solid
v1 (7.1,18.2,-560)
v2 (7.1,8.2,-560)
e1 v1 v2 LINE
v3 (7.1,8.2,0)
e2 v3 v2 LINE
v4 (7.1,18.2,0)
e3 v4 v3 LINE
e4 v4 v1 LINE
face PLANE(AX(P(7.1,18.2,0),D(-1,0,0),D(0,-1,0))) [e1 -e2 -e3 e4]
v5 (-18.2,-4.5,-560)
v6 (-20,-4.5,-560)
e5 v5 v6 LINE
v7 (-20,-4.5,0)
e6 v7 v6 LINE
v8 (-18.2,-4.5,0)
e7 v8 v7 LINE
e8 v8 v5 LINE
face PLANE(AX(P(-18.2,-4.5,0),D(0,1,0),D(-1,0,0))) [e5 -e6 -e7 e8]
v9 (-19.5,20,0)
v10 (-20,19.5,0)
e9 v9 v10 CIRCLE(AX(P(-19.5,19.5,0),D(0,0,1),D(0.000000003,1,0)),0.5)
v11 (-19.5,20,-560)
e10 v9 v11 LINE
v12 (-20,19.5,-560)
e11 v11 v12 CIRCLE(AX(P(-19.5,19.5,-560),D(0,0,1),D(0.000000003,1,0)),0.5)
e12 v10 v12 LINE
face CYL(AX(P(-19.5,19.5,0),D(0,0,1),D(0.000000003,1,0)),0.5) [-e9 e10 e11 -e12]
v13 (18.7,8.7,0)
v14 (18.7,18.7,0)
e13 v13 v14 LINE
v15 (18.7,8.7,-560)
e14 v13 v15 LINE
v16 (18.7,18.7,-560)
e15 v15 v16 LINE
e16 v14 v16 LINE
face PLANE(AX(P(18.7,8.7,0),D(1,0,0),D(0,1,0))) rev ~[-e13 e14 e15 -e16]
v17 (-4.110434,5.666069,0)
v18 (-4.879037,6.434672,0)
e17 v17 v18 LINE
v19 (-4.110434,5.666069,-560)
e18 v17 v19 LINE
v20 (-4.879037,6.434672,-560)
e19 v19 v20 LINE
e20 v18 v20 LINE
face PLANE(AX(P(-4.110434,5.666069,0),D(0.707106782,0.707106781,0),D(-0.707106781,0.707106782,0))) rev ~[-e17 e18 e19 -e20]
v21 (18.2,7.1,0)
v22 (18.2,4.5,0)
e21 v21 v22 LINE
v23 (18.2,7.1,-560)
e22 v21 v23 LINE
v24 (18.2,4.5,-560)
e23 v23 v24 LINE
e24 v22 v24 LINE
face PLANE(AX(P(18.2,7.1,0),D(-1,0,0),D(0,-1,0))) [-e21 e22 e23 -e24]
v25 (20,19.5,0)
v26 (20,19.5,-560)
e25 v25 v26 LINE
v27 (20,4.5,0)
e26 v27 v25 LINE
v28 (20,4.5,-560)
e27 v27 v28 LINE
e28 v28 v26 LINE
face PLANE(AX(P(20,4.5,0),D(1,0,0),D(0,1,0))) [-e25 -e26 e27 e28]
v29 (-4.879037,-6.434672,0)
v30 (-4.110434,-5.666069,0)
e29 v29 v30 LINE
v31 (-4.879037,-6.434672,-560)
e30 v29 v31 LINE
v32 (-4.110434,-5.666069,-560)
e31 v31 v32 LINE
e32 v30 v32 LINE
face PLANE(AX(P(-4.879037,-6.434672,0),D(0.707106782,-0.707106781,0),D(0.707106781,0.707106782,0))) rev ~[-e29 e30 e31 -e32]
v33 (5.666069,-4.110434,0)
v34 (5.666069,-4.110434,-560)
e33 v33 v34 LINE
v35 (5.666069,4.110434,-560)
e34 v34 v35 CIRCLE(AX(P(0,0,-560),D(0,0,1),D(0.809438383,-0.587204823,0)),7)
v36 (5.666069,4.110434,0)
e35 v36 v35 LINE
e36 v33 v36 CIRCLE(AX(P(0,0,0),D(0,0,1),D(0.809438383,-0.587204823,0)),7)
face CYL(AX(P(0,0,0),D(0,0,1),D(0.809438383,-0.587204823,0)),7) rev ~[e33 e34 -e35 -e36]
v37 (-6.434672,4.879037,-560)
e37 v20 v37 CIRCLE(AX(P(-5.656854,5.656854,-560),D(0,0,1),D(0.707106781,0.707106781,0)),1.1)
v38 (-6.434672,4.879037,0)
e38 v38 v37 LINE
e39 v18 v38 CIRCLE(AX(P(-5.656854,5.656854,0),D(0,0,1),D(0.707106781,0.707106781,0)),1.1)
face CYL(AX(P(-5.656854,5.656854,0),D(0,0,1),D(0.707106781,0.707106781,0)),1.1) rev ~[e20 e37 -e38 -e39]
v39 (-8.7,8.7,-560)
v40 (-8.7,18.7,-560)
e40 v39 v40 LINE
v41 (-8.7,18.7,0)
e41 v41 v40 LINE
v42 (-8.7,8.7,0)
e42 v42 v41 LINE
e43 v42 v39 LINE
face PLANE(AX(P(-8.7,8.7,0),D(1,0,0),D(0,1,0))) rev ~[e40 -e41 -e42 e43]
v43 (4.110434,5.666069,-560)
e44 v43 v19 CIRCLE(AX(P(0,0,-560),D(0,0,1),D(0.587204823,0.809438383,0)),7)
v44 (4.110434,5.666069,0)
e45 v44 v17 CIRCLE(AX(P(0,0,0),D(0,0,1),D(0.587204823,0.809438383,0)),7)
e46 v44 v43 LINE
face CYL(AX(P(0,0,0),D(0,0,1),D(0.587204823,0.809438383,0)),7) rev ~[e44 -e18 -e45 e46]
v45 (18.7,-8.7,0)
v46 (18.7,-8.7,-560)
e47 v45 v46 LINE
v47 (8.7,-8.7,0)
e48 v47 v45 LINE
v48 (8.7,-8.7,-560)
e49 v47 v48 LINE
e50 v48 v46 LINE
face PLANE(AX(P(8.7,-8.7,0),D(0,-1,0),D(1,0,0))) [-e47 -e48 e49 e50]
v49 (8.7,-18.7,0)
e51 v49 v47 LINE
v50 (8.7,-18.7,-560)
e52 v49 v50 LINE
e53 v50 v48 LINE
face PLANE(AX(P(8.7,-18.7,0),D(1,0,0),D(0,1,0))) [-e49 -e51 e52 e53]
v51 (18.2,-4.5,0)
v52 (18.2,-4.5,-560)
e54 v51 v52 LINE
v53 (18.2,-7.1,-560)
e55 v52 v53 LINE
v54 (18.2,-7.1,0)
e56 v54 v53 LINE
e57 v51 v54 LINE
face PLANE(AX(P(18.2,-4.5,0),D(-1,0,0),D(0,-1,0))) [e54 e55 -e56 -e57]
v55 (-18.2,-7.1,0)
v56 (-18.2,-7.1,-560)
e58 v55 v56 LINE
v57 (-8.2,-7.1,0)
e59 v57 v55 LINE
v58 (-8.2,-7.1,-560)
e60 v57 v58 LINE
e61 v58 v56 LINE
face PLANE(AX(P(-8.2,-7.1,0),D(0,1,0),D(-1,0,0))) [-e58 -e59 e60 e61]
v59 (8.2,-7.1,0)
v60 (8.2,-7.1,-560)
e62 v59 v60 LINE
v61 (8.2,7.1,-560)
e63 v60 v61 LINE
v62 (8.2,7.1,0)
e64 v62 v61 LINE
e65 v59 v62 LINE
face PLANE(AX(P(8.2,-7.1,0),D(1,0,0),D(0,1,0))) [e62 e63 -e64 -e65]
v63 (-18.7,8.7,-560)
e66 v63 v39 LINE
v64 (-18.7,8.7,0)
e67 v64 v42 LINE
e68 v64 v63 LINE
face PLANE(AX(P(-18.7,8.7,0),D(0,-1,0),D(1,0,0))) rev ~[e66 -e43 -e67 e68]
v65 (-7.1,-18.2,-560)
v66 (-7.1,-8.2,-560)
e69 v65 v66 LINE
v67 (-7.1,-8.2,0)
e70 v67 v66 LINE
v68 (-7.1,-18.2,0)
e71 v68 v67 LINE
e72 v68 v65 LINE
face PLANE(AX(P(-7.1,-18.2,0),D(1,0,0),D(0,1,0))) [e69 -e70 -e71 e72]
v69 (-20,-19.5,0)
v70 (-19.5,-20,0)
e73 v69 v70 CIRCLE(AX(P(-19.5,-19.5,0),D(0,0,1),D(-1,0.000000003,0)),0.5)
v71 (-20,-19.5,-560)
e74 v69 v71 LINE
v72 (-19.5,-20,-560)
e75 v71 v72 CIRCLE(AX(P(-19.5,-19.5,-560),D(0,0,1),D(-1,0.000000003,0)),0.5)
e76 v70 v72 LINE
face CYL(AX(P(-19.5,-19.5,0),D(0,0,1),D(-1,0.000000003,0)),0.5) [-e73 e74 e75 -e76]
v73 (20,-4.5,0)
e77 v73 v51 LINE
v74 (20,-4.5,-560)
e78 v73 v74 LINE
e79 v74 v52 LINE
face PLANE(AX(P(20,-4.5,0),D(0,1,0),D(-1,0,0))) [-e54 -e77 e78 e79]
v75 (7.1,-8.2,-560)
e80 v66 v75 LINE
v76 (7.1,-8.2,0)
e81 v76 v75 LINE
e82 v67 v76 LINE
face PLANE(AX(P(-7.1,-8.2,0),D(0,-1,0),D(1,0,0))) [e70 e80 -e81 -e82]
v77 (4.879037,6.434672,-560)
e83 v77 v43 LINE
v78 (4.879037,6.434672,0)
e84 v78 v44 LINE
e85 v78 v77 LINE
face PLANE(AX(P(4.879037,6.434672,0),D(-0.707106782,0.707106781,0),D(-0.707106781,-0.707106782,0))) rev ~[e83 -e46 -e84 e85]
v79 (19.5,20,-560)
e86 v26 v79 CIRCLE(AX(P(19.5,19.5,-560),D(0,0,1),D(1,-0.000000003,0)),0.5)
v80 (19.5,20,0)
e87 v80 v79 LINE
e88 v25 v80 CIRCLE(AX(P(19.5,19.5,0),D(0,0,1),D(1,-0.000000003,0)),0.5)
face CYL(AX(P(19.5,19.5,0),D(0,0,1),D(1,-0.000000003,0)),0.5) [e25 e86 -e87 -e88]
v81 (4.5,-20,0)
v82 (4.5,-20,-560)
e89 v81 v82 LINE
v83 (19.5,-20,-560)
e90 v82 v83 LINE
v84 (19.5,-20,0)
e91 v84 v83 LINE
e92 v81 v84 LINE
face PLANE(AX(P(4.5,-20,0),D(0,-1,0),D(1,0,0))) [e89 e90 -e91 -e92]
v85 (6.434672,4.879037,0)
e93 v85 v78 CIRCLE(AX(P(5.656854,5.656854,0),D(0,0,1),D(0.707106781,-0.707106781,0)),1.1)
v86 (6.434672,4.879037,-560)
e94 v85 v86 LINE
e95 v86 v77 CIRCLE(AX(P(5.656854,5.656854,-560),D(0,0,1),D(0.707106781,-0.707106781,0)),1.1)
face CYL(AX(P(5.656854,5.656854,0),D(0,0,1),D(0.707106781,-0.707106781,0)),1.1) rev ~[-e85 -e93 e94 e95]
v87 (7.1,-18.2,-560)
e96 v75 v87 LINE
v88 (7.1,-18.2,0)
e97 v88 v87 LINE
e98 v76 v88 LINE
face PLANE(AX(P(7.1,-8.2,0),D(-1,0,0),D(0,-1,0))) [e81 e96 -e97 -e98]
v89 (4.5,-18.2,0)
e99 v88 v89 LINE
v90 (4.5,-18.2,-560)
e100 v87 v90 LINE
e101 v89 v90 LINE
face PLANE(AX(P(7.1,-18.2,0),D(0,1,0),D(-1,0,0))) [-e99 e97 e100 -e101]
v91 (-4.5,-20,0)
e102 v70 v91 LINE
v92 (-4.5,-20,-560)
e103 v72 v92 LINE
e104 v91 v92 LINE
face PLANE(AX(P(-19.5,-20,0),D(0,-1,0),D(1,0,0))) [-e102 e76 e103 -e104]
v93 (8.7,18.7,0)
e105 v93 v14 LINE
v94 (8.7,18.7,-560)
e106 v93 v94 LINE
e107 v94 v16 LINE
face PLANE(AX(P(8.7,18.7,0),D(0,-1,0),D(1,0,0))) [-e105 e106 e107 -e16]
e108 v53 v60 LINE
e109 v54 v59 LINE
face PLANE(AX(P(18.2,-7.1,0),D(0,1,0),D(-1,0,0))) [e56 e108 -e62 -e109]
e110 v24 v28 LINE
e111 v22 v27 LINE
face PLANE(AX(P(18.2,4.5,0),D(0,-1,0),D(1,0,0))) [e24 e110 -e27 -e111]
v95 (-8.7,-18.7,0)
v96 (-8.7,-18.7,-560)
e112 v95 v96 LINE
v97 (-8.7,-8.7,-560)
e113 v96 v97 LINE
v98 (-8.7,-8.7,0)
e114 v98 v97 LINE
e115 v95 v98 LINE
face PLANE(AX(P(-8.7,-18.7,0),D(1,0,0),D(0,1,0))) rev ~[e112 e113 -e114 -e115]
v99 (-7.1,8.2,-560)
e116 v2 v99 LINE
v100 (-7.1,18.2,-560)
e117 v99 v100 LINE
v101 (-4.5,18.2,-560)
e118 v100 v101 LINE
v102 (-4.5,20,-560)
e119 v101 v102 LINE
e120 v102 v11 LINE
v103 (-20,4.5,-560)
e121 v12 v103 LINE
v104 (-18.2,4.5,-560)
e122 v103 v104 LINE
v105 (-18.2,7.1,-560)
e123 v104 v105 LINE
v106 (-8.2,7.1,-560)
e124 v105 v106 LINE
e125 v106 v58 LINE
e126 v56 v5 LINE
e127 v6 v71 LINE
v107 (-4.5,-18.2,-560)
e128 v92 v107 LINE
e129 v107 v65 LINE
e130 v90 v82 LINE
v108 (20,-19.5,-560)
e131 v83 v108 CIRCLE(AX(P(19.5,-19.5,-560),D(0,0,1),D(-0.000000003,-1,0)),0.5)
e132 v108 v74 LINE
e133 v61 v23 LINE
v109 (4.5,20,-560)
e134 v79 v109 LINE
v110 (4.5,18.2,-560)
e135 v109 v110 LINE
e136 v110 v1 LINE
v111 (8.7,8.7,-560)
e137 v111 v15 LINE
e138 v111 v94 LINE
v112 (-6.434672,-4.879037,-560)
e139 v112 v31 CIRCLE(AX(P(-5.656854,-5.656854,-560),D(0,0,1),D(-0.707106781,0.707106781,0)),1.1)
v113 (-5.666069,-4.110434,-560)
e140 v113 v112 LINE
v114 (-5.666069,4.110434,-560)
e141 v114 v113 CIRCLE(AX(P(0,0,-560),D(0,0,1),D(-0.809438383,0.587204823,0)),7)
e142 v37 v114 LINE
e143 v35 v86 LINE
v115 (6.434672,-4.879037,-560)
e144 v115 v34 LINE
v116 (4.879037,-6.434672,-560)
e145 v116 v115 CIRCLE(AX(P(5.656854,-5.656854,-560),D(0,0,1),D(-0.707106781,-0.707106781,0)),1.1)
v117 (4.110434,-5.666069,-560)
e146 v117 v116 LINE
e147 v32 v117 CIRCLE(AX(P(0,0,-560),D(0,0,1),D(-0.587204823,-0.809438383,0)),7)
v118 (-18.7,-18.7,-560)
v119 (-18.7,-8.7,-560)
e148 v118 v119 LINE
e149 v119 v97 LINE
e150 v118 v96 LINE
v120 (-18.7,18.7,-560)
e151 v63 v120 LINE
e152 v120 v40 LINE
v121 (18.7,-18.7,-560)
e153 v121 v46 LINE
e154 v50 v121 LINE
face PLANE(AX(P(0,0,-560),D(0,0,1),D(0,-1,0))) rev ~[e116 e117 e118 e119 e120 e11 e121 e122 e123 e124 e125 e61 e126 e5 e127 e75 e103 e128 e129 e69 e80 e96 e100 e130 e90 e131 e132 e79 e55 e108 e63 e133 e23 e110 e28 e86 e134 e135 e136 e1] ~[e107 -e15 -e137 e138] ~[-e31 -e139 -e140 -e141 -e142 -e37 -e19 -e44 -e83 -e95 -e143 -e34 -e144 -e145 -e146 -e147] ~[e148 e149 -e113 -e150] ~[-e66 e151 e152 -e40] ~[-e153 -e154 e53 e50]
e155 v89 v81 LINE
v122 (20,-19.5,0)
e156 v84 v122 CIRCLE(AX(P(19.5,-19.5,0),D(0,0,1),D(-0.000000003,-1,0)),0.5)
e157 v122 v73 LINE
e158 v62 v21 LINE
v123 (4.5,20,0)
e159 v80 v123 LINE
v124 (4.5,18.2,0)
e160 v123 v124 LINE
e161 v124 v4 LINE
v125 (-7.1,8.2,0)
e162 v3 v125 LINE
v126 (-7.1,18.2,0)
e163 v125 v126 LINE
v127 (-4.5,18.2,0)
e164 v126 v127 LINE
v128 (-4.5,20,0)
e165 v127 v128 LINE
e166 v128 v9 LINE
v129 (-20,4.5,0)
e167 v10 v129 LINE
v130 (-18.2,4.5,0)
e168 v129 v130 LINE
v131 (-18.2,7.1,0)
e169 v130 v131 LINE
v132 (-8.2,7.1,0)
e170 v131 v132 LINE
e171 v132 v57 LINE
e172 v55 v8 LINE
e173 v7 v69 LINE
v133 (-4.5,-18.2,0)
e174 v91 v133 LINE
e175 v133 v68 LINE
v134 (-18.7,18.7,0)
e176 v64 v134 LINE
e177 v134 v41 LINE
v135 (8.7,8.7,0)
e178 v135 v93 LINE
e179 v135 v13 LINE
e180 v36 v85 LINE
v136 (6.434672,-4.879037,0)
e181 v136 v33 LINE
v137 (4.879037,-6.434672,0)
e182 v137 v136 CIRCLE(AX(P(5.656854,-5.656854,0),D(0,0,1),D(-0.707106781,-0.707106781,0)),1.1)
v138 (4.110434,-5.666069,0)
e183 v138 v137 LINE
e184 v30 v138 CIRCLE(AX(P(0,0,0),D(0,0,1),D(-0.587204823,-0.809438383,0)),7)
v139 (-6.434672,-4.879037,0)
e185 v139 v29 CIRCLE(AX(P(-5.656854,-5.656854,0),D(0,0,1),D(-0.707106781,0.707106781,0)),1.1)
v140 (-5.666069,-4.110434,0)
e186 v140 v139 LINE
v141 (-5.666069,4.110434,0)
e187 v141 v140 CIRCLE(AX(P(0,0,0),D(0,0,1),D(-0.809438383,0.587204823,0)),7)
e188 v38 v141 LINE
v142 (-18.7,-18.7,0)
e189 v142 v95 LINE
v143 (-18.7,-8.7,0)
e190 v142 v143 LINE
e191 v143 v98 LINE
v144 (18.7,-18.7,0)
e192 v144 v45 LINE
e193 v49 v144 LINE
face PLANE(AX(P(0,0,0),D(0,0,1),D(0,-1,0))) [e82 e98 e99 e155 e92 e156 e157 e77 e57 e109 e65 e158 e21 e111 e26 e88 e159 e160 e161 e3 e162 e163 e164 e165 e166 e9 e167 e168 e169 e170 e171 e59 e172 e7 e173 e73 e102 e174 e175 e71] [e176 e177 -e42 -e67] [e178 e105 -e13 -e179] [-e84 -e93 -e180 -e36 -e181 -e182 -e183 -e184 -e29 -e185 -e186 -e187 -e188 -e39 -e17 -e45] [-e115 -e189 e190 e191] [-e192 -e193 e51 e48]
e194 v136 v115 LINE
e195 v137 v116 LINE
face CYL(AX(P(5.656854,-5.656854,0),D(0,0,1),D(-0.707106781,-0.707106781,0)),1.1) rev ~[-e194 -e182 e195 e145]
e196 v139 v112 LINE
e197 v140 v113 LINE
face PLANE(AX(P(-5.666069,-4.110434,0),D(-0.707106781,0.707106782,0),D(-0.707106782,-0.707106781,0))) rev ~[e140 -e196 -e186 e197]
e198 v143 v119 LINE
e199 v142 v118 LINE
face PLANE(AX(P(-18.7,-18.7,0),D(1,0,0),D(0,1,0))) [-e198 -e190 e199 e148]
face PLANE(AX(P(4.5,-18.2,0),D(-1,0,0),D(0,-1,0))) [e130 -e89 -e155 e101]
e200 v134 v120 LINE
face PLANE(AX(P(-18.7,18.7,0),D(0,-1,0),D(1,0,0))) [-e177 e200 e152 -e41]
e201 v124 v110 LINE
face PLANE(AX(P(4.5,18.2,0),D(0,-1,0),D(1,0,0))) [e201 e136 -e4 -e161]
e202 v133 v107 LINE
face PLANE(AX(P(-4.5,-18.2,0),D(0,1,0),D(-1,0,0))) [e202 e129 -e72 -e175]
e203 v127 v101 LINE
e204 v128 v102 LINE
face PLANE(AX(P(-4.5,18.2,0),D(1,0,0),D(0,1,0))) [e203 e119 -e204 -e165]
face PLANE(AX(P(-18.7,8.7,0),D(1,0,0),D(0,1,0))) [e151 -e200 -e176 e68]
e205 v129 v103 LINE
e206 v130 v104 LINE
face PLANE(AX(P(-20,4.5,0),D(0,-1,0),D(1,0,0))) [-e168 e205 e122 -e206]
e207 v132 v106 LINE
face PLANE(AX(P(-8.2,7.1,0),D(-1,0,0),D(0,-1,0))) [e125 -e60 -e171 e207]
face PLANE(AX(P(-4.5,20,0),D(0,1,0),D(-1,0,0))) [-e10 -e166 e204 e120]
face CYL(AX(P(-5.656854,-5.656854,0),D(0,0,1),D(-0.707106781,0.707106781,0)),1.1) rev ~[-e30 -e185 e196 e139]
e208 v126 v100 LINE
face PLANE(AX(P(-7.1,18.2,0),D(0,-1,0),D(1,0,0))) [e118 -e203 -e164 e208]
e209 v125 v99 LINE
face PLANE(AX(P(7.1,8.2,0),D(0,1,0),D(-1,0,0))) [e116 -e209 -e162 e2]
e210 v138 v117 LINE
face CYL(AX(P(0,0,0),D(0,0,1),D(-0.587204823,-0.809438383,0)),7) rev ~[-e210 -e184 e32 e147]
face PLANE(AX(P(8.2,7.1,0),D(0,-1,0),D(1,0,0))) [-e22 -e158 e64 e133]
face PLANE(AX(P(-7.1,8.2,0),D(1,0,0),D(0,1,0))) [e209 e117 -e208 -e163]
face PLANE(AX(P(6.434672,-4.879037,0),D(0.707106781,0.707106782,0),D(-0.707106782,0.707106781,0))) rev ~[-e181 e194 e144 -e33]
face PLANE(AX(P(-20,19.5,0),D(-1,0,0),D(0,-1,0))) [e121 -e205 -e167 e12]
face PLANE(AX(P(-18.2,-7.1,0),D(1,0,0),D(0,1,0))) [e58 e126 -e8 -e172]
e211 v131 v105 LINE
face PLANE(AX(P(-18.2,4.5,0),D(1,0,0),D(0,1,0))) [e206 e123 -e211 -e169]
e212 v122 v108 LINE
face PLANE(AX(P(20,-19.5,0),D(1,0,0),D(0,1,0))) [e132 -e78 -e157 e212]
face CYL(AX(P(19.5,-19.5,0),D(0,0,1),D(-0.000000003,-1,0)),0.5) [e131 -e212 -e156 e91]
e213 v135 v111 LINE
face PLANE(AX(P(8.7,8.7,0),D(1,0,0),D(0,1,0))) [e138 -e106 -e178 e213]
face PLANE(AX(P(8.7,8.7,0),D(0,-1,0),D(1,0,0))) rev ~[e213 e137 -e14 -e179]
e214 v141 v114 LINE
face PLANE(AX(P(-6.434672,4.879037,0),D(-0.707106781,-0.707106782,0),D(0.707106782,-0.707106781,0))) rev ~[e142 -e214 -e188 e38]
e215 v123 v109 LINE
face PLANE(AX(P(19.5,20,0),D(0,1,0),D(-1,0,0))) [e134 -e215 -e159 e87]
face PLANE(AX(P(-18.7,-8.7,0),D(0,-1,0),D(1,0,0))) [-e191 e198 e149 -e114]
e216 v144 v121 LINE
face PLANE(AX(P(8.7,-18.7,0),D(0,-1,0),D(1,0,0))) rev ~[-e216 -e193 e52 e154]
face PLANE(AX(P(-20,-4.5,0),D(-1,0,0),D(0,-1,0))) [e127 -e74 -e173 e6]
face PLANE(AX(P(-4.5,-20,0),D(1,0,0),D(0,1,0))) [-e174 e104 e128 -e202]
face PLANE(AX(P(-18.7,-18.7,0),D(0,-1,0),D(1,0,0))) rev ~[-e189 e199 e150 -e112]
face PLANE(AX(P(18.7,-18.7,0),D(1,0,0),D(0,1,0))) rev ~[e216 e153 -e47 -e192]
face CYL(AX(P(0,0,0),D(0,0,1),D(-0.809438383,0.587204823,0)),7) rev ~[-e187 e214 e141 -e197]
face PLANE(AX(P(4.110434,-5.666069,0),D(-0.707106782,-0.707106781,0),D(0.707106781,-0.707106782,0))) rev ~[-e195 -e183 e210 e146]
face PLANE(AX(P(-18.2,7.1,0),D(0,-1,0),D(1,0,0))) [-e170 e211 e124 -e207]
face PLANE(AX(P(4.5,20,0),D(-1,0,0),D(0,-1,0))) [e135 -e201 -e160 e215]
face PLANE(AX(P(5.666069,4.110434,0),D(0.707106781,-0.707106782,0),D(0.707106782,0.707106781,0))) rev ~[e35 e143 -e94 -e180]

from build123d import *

# Parameters (mm, degrees)
SKETCH1_W                 = 10
SKETCH1_H                 = 10
F_40_X_40A_X_R0_5_1_DEPTH = 560


with BuildPart() as part:
    # Sketch1 → 铝型材 40 X 40A X R0.5(1) (new body)
    with BuildSketch(Plane.YX):
        with BuildLine():
            Line((-19.5, 20), (-4.5, 20))
            Line((-4.5, 20), (-4.5, 18.2))
            Line((-4.5, 18.2), (-7.1, 18.2))
            Line((-7.1, 18.2), (-7.1, 8.2))
            Line((-7.1, 8.2), (7.1, 8.2))
            Line((7.1, 8.2), (7.1, 18.2))
            Line((7.1, 18.2), (4.5, 18.2))
            Line((4.5, 18.2), (4.5, 20))
            Line((4.5, 20), (19.5, 20))
            ThreePointArc((19.5, 20), (19.853553391, 19.853553391), (20, 19.5))
            Line((20, 19.5), (20, 4.5))
            Line((20, 4.5), (18.2, 4.5))
            Line((18.2, 4.5), (18.2, 7.1))
            Line((18.2, 7.1), (8.2, 7.1))
            Line((8.2, 7.1), (8.2, -7.1))
            Line((8.2, -7.1), (18.2, -7.1))
            Line((18.2, -7.1), (18.2, -4.5))
            Line((18.2, -4.5), (20, -4.5))
            Line((20, -4.5), (20, -19.5))
            ThreePointArc((20, -19.5), (19.853553391, -19.853553391), (19.5, -20))
            Line((19.5, -20), (4.5, -20))
            Line((4.5, -20), (4.5, -18.2))
            Line((4.5, -18.2), (7.1, -18.2))
            Line((7.1, -18.2), (7.1, -8.2))
            Line((7.1, -8.2), (-7.1, -8.2))
            Line((-7.1, -8.2), (-7.1, -18.2))
            Line((-7.1, -18.2), (-4.5, -18.2))
            Line((-4.5, -18.2), (-4.5, -20))
            Line((-4.5, -20), (-19.5, -20))
            ThreePointArc((-19.5, -20), (-19.853553391, -19.853553391), (-20, -19.5))
            Line((-20, -19.5), (-20, -4.5))
            Line((-20, -4.5), (-18.2, -4.5))
            Line((-18.2, -4.5), (-18.2, -7.1))
            Line((-18.2, -7.1), (-8.2, -7.1))
            Line((-8.2, -7.1), (-8.2, 7.1))
            Line((-8.2, 7.1), (-18.2, 7.1))
            Line((-18.2, 7.1), (-18.2, 4.5))
            Line((-18.2, 4.5), (-20, 4.5))
            Line((-20, 4.5), (-20, 19.5))
            ThreePointArc((-20, 19.5), (-19.853553391, 19.853553391), (-19.5, 20))
        make_face()
        with BuildLine():
            Line((-4.87903679, 6.434671709), (-4.110433762, 5.66606868))
            ThreePointArc((-4.110433762, 5.66606868), (0, 7), (4.110433762, 5.66606868))
            Line((4.110433762, 5.66606868), (4.87903679, 6.434671709))
            ThreePointArc((4.87903679, 6.434671709), (6.434671709, 6.434671709), (6.434671709, 4.87903679))
            Line((6.434671709, 4.87903679), (5.66606868, 4.110433762))
            ThreePointArc((5.66606868, 4.110433762), (7, 0), (5.66606868, -4.110433762))
            Line((5.66606868, -4.110433762), (6.434671709, -4.87903679))
            ThreePointArc((6.434671709, -4.87903679), (6.434671709, -6.434671709), (4.87903679, -6.434671709))
            Line((4.87903679, -6.434671709), (4.110433762, -5.66606868))
            ThreePointArc((4.110433762, -5.66606868), (0, -7), (-4.110433762, -5.66606868))
            Line((-4.110433762, -5.66606868), (-4.87903679, -6.434671709))
            ThreePointArc((-4.87903679, -6.434671709), (-6.434671709, -6.434671709), (-6.434671709, -4.87903679))
            Line((-6.434671709, -4.87903679), (-5.66606868, -4.110433762))
            ThreePointArc((-5.66606868, -4.110433762), (-7, 0), (-5.66606868, 4.110433762))
            Line((-5.66606868, 4.110433762), (-6.434671709, 4.87903679))
            ThreePointArc((-6.434671709, 4.87903679), (-6.434671709, 6.434671709), (-4.87903679, 6.434671709))
        make_face(mode=Mode.SUBTRACT)
        with Locations((-13.7, 13.7)):
            Rectangle(SKETCH1_W, SKETCH1_H, mode=Mode.SUBTRACT)
        with Locations((13.7, 13.7)):
            Rectangle(SKETCH1_W, SKETCH1_H, mode=Mode.SUBTRACT)
        with Locations((13.7, -13.7)):
            Rectangle(SKETCH1_W, SKETCH1_H, mode=Mode.SUBTRACT)
        with Locations((-13.7, -13.7)):
            Rectangle(SKETCH1_W, SKETCH1_H, mode=Mode.SUBTRACT)
    extrude(amount=F_40_X_40A_X_R0_5_1_DEPTH)


solid = part.part
